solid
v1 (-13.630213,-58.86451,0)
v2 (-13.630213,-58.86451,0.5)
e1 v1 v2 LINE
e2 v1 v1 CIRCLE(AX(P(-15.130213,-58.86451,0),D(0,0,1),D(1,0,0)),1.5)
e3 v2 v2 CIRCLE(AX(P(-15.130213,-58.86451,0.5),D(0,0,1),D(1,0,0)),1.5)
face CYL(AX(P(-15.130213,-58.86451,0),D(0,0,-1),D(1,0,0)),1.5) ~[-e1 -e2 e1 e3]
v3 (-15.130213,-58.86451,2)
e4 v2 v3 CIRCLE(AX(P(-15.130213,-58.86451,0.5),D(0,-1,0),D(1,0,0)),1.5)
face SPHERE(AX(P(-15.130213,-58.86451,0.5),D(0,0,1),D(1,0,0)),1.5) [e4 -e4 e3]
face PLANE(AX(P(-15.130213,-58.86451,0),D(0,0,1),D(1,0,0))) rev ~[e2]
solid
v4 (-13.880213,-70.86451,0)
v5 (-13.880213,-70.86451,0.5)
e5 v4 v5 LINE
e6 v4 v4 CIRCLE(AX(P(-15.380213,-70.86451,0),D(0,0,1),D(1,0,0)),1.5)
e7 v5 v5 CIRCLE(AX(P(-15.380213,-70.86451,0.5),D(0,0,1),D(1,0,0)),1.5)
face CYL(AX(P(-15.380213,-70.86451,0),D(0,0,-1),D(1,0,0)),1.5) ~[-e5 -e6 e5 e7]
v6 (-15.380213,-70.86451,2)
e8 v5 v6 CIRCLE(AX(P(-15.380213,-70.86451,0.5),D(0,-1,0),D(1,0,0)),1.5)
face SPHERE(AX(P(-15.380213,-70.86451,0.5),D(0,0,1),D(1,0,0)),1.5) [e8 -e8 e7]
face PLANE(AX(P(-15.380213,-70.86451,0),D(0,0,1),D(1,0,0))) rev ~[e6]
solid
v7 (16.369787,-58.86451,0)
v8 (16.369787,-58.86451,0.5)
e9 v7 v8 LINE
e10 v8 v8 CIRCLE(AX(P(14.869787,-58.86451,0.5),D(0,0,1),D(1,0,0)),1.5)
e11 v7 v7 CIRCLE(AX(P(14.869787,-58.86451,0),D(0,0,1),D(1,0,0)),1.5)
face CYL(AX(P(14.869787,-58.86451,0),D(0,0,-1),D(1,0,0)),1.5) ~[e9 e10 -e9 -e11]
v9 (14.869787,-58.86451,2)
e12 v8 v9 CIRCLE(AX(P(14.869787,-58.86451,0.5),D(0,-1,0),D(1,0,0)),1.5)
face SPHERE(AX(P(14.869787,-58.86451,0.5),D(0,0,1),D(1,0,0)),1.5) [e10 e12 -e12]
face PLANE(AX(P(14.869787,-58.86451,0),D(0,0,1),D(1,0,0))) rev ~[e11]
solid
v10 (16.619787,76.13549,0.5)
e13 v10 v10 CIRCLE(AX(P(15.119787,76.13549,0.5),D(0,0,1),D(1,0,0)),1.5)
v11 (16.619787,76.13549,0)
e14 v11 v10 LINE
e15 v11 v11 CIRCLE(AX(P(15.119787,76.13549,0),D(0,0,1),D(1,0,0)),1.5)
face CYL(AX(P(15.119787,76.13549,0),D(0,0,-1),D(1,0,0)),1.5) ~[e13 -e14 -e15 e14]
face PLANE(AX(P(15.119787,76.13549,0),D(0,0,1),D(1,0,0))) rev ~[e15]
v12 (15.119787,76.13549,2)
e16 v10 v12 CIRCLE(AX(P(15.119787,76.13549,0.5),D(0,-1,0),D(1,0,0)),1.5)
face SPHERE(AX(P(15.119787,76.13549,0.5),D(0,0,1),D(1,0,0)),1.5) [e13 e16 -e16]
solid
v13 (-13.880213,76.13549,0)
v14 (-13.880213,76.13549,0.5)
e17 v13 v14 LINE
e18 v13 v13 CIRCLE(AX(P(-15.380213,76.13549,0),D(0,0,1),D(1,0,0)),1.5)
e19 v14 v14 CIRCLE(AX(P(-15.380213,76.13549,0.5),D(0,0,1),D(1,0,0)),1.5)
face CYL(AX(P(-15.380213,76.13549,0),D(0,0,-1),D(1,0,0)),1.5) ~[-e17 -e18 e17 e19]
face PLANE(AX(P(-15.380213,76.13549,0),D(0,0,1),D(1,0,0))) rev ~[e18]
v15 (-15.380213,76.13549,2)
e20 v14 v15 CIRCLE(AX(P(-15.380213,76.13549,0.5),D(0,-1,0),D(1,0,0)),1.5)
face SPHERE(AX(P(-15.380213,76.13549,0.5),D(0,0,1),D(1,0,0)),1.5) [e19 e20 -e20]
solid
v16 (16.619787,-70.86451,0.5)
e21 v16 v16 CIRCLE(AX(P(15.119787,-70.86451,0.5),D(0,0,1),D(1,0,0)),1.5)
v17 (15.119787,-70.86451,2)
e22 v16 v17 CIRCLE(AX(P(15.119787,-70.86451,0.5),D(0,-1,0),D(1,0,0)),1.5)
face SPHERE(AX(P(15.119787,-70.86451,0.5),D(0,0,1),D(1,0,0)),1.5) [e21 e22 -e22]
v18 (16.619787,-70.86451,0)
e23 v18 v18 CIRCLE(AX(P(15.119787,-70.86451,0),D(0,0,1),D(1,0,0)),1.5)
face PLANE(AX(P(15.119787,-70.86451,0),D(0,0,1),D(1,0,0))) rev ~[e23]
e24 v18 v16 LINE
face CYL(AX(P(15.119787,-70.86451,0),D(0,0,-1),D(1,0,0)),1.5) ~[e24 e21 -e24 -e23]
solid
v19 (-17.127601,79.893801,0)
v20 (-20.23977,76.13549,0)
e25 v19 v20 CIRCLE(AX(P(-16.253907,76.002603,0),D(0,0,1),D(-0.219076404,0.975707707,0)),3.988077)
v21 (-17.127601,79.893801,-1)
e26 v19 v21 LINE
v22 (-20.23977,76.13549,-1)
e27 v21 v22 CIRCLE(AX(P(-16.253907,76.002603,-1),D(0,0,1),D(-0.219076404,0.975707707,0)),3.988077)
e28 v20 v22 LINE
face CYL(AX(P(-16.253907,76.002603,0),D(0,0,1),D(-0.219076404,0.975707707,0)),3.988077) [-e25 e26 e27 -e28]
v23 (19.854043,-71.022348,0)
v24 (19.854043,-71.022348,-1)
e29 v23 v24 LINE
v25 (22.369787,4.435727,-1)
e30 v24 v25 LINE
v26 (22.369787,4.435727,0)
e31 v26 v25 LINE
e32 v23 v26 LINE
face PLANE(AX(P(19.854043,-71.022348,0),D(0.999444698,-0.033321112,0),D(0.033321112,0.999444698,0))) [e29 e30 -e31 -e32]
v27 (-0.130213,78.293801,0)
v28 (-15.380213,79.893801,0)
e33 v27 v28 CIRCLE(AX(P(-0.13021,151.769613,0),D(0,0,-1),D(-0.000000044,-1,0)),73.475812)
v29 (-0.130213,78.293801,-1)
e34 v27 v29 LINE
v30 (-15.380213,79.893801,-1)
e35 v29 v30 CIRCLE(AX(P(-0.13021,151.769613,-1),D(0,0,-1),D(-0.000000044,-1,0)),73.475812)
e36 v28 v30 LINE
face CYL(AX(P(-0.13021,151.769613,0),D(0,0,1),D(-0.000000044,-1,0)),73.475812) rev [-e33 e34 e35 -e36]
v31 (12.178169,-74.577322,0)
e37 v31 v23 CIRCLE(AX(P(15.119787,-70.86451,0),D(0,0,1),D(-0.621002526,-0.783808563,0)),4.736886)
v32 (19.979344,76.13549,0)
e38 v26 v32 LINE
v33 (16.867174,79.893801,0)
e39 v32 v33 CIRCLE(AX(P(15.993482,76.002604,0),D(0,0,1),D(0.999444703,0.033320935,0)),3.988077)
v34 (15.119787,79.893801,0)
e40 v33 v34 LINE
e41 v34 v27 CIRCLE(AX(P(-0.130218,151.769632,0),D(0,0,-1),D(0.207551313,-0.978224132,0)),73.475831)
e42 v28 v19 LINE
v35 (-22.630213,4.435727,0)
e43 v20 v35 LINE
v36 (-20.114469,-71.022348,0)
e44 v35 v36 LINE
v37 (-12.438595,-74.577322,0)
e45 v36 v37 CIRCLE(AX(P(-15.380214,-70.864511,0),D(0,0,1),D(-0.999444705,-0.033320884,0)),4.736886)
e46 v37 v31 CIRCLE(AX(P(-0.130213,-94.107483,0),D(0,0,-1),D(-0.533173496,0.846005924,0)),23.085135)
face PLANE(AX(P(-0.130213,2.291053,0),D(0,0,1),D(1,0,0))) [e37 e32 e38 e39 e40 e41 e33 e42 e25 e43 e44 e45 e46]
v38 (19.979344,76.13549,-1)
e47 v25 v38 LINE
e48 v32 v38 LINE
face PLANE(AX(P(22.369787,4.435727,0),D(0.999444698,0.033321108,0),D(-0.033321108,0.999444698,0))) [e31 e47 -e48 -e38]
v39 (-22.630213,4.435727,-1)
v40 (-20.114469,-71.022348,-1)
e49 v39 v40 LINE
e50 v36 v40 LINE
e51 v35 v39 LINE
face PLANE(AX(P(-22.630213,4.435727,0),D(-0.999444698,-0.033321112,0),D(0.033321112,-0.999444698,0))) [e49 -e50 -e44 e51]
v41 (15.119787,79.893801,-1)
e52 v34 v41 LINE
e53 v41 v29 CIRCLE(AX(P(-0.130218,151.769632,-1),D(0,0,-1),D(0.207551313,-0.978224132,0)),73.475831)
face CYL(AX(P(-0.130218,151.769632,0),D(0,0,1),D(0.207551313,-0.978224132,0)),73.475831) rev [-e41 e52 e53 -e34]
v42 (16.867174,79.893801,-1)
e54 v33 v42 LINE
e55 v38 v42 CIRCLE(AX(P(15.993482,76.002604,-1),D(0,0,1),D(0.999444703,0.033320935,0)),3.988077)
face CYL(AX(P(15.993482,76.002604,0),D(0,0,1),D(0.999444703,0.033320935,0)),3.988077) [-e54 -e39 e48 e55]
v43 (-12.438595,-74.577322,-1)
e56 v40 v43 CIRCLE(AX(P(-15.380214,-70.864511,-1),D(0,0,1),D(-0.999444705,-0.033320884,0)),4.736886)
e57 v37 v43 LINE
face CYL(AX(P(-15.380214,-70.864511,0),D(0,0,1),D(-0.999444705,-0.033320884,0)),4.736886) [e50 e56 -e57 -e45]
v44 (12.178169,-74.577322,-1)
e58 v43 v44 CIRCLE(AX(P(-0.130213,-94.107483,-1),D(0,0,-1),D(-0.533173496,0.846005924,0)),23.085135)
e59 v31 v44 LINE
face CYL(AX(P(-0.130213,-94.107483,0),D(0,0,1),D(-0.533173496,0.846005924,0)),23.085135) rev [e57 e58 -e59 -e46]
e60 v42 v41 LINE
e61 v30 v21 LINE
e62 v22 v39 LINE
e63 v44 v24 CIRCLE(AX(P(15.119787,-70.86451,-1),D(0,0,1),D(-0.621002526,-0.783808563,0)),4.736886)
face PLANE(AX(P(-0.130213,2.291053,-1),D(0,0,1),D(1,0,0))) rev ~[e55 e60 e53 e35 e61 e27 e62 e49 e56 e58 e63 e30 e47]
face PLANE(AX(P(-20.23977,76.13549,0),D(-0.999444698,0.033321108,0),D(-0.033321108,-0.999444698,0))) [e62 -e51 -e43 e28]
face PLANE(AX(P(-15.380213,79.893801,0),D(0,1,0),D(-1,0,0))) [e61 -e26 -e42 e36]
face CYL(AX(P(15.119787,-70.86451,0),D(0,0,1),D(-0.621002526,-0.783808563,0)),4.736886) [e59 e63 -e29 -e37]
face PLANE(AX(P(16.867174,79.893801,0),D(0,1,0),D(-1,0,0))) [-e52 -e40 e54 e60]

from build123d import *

# Parameters (mm, degrees)
F0_R     = 1.5
F1_DEPTH = 2
F2_DEPTH = 1
F3_R     = 1.5


with BuildPart() as f1:
    # F0 (on Top) → F1 (new body)
    with BuildSketch(Plane.XY):
        with Locations((15.119787, -70.86451)):
            Circle(F0_R)
        with Locations((14.869787, -58.86451)):
            Circle(F0_R)
        with Locations((-15.380213, -70.86451)):
            Circle(F0_R)
        with Locations((-15.130213, -58.86451)):
            Circle(F0_R)
        with Locations((15.119787, 76.13549)):
            Circle(F0_R)
        with Locations((-15.380213, 76.13549)):
            Circle(F0_R)
    extrude(amount=F1_DEPTH)

    # F3
    f3_edges = [f1.edges().sort_by_distance(p)[0] for p in [
        (13.619787, 76.13549, 2),
        (-16.880213, 76.13549, 2),
        (13.369787, -58.86451, 2),
        (13.619787, -70.86451, 2),
        (-16.630213, -58.86451, 2),
        (-16.880213, -70.86451, 2),
    ]]
    fillet(f3_edges, radius=F3_R)


with BuildPart() as f2:
    # F0 (on Top) → F2 (new body)
    with BuildSketch(Plane.XY):
        with BuildLine():
            ThreePointArc((-17.127601, 79.893801), (-19.325559, 78.546167), (-20.23977, 76.13549))
            Line((-20.23977, 76.13549), (-22.630213, 4.435727))
            Line((-22.630213, 4.435727), (-20.114469, -71.022348))
            ThreePointArc((-20.114469, -71.022348), (-17.370904, -75.162794), (-12.438595, -74.577322))
            ThreePointArc((-12.438595, -74.577322), (-0.130213, -71.022348), (12.178169, -74.577322))
            ThreePointArc((12.178169, -74.577322), (17.110477, -75.162794), (19.854043, -71.022348))
            Line((19.854043, -71.022348), (22.369787, 4.435727))
            Line((22.369787, 4.435727), (19.979344, 76.13549))
            ThreePointArc((19.979344, 76.13549), (19.065133, 78.546167), (16.867174, 79.893801))
            Line((16.867174, 79.893801), (15.119787, 79.893801))
            ThreePointArc((15.119787, 79.893801), (7.536639, 78.694896), (-0.130213, 78.293801))
            ThreePointArc((-0.130213, 78.293801), (-7.797066, 78.694896), (-15.380213, 79.893801))
            Line((-15.380213, 79.893801), (-17.127601, 79.893801))
        make_face()
        with Locations((-15.380213, -70.86451)):
            Circle(F0_R, mode=Mode.SUBTRACT)
        with Locations((-15.130213, -58.86451)):
            Circle(F0_R, mode=Mode.SUBTRACT)
        with Locations((15.119787, -70.86451)):
            Circle(F0_R, mode=Mode.SUBTRACT)
        with Locations((14.869787, -58.86451)):
            Circle(F0_R, mode=Mode.SUBTRACT)
        with Locations((-15.380213, 76.13549)):
            Circle(F0_R, mode=Mode.SUBTRACT)
        with Locations((15.119787, 76.13549)):
            Circle(F0_R, mode=Mode.SUBTRACT)
        with Locations((-15.130213, -58.86451)):
            Circle(F0_R)
        with Locations((-15.380213, -70.86451)):
            Circle(F0_R)
        with Locations((15.119787, -70.86451)):
            Circle(F0_R)
        with Locations((14.869787, -58.86451)):
            Circle(F0_R)
        with Locations((15.119787, 76.13549)):
            Circle(F0_R)
        with Locations((-15.380213, 76.13549)):
            Circle(F0_R)
    extrude(amount=-F2_DEPTH)


solid = Compound([f1.part, f2.part])
